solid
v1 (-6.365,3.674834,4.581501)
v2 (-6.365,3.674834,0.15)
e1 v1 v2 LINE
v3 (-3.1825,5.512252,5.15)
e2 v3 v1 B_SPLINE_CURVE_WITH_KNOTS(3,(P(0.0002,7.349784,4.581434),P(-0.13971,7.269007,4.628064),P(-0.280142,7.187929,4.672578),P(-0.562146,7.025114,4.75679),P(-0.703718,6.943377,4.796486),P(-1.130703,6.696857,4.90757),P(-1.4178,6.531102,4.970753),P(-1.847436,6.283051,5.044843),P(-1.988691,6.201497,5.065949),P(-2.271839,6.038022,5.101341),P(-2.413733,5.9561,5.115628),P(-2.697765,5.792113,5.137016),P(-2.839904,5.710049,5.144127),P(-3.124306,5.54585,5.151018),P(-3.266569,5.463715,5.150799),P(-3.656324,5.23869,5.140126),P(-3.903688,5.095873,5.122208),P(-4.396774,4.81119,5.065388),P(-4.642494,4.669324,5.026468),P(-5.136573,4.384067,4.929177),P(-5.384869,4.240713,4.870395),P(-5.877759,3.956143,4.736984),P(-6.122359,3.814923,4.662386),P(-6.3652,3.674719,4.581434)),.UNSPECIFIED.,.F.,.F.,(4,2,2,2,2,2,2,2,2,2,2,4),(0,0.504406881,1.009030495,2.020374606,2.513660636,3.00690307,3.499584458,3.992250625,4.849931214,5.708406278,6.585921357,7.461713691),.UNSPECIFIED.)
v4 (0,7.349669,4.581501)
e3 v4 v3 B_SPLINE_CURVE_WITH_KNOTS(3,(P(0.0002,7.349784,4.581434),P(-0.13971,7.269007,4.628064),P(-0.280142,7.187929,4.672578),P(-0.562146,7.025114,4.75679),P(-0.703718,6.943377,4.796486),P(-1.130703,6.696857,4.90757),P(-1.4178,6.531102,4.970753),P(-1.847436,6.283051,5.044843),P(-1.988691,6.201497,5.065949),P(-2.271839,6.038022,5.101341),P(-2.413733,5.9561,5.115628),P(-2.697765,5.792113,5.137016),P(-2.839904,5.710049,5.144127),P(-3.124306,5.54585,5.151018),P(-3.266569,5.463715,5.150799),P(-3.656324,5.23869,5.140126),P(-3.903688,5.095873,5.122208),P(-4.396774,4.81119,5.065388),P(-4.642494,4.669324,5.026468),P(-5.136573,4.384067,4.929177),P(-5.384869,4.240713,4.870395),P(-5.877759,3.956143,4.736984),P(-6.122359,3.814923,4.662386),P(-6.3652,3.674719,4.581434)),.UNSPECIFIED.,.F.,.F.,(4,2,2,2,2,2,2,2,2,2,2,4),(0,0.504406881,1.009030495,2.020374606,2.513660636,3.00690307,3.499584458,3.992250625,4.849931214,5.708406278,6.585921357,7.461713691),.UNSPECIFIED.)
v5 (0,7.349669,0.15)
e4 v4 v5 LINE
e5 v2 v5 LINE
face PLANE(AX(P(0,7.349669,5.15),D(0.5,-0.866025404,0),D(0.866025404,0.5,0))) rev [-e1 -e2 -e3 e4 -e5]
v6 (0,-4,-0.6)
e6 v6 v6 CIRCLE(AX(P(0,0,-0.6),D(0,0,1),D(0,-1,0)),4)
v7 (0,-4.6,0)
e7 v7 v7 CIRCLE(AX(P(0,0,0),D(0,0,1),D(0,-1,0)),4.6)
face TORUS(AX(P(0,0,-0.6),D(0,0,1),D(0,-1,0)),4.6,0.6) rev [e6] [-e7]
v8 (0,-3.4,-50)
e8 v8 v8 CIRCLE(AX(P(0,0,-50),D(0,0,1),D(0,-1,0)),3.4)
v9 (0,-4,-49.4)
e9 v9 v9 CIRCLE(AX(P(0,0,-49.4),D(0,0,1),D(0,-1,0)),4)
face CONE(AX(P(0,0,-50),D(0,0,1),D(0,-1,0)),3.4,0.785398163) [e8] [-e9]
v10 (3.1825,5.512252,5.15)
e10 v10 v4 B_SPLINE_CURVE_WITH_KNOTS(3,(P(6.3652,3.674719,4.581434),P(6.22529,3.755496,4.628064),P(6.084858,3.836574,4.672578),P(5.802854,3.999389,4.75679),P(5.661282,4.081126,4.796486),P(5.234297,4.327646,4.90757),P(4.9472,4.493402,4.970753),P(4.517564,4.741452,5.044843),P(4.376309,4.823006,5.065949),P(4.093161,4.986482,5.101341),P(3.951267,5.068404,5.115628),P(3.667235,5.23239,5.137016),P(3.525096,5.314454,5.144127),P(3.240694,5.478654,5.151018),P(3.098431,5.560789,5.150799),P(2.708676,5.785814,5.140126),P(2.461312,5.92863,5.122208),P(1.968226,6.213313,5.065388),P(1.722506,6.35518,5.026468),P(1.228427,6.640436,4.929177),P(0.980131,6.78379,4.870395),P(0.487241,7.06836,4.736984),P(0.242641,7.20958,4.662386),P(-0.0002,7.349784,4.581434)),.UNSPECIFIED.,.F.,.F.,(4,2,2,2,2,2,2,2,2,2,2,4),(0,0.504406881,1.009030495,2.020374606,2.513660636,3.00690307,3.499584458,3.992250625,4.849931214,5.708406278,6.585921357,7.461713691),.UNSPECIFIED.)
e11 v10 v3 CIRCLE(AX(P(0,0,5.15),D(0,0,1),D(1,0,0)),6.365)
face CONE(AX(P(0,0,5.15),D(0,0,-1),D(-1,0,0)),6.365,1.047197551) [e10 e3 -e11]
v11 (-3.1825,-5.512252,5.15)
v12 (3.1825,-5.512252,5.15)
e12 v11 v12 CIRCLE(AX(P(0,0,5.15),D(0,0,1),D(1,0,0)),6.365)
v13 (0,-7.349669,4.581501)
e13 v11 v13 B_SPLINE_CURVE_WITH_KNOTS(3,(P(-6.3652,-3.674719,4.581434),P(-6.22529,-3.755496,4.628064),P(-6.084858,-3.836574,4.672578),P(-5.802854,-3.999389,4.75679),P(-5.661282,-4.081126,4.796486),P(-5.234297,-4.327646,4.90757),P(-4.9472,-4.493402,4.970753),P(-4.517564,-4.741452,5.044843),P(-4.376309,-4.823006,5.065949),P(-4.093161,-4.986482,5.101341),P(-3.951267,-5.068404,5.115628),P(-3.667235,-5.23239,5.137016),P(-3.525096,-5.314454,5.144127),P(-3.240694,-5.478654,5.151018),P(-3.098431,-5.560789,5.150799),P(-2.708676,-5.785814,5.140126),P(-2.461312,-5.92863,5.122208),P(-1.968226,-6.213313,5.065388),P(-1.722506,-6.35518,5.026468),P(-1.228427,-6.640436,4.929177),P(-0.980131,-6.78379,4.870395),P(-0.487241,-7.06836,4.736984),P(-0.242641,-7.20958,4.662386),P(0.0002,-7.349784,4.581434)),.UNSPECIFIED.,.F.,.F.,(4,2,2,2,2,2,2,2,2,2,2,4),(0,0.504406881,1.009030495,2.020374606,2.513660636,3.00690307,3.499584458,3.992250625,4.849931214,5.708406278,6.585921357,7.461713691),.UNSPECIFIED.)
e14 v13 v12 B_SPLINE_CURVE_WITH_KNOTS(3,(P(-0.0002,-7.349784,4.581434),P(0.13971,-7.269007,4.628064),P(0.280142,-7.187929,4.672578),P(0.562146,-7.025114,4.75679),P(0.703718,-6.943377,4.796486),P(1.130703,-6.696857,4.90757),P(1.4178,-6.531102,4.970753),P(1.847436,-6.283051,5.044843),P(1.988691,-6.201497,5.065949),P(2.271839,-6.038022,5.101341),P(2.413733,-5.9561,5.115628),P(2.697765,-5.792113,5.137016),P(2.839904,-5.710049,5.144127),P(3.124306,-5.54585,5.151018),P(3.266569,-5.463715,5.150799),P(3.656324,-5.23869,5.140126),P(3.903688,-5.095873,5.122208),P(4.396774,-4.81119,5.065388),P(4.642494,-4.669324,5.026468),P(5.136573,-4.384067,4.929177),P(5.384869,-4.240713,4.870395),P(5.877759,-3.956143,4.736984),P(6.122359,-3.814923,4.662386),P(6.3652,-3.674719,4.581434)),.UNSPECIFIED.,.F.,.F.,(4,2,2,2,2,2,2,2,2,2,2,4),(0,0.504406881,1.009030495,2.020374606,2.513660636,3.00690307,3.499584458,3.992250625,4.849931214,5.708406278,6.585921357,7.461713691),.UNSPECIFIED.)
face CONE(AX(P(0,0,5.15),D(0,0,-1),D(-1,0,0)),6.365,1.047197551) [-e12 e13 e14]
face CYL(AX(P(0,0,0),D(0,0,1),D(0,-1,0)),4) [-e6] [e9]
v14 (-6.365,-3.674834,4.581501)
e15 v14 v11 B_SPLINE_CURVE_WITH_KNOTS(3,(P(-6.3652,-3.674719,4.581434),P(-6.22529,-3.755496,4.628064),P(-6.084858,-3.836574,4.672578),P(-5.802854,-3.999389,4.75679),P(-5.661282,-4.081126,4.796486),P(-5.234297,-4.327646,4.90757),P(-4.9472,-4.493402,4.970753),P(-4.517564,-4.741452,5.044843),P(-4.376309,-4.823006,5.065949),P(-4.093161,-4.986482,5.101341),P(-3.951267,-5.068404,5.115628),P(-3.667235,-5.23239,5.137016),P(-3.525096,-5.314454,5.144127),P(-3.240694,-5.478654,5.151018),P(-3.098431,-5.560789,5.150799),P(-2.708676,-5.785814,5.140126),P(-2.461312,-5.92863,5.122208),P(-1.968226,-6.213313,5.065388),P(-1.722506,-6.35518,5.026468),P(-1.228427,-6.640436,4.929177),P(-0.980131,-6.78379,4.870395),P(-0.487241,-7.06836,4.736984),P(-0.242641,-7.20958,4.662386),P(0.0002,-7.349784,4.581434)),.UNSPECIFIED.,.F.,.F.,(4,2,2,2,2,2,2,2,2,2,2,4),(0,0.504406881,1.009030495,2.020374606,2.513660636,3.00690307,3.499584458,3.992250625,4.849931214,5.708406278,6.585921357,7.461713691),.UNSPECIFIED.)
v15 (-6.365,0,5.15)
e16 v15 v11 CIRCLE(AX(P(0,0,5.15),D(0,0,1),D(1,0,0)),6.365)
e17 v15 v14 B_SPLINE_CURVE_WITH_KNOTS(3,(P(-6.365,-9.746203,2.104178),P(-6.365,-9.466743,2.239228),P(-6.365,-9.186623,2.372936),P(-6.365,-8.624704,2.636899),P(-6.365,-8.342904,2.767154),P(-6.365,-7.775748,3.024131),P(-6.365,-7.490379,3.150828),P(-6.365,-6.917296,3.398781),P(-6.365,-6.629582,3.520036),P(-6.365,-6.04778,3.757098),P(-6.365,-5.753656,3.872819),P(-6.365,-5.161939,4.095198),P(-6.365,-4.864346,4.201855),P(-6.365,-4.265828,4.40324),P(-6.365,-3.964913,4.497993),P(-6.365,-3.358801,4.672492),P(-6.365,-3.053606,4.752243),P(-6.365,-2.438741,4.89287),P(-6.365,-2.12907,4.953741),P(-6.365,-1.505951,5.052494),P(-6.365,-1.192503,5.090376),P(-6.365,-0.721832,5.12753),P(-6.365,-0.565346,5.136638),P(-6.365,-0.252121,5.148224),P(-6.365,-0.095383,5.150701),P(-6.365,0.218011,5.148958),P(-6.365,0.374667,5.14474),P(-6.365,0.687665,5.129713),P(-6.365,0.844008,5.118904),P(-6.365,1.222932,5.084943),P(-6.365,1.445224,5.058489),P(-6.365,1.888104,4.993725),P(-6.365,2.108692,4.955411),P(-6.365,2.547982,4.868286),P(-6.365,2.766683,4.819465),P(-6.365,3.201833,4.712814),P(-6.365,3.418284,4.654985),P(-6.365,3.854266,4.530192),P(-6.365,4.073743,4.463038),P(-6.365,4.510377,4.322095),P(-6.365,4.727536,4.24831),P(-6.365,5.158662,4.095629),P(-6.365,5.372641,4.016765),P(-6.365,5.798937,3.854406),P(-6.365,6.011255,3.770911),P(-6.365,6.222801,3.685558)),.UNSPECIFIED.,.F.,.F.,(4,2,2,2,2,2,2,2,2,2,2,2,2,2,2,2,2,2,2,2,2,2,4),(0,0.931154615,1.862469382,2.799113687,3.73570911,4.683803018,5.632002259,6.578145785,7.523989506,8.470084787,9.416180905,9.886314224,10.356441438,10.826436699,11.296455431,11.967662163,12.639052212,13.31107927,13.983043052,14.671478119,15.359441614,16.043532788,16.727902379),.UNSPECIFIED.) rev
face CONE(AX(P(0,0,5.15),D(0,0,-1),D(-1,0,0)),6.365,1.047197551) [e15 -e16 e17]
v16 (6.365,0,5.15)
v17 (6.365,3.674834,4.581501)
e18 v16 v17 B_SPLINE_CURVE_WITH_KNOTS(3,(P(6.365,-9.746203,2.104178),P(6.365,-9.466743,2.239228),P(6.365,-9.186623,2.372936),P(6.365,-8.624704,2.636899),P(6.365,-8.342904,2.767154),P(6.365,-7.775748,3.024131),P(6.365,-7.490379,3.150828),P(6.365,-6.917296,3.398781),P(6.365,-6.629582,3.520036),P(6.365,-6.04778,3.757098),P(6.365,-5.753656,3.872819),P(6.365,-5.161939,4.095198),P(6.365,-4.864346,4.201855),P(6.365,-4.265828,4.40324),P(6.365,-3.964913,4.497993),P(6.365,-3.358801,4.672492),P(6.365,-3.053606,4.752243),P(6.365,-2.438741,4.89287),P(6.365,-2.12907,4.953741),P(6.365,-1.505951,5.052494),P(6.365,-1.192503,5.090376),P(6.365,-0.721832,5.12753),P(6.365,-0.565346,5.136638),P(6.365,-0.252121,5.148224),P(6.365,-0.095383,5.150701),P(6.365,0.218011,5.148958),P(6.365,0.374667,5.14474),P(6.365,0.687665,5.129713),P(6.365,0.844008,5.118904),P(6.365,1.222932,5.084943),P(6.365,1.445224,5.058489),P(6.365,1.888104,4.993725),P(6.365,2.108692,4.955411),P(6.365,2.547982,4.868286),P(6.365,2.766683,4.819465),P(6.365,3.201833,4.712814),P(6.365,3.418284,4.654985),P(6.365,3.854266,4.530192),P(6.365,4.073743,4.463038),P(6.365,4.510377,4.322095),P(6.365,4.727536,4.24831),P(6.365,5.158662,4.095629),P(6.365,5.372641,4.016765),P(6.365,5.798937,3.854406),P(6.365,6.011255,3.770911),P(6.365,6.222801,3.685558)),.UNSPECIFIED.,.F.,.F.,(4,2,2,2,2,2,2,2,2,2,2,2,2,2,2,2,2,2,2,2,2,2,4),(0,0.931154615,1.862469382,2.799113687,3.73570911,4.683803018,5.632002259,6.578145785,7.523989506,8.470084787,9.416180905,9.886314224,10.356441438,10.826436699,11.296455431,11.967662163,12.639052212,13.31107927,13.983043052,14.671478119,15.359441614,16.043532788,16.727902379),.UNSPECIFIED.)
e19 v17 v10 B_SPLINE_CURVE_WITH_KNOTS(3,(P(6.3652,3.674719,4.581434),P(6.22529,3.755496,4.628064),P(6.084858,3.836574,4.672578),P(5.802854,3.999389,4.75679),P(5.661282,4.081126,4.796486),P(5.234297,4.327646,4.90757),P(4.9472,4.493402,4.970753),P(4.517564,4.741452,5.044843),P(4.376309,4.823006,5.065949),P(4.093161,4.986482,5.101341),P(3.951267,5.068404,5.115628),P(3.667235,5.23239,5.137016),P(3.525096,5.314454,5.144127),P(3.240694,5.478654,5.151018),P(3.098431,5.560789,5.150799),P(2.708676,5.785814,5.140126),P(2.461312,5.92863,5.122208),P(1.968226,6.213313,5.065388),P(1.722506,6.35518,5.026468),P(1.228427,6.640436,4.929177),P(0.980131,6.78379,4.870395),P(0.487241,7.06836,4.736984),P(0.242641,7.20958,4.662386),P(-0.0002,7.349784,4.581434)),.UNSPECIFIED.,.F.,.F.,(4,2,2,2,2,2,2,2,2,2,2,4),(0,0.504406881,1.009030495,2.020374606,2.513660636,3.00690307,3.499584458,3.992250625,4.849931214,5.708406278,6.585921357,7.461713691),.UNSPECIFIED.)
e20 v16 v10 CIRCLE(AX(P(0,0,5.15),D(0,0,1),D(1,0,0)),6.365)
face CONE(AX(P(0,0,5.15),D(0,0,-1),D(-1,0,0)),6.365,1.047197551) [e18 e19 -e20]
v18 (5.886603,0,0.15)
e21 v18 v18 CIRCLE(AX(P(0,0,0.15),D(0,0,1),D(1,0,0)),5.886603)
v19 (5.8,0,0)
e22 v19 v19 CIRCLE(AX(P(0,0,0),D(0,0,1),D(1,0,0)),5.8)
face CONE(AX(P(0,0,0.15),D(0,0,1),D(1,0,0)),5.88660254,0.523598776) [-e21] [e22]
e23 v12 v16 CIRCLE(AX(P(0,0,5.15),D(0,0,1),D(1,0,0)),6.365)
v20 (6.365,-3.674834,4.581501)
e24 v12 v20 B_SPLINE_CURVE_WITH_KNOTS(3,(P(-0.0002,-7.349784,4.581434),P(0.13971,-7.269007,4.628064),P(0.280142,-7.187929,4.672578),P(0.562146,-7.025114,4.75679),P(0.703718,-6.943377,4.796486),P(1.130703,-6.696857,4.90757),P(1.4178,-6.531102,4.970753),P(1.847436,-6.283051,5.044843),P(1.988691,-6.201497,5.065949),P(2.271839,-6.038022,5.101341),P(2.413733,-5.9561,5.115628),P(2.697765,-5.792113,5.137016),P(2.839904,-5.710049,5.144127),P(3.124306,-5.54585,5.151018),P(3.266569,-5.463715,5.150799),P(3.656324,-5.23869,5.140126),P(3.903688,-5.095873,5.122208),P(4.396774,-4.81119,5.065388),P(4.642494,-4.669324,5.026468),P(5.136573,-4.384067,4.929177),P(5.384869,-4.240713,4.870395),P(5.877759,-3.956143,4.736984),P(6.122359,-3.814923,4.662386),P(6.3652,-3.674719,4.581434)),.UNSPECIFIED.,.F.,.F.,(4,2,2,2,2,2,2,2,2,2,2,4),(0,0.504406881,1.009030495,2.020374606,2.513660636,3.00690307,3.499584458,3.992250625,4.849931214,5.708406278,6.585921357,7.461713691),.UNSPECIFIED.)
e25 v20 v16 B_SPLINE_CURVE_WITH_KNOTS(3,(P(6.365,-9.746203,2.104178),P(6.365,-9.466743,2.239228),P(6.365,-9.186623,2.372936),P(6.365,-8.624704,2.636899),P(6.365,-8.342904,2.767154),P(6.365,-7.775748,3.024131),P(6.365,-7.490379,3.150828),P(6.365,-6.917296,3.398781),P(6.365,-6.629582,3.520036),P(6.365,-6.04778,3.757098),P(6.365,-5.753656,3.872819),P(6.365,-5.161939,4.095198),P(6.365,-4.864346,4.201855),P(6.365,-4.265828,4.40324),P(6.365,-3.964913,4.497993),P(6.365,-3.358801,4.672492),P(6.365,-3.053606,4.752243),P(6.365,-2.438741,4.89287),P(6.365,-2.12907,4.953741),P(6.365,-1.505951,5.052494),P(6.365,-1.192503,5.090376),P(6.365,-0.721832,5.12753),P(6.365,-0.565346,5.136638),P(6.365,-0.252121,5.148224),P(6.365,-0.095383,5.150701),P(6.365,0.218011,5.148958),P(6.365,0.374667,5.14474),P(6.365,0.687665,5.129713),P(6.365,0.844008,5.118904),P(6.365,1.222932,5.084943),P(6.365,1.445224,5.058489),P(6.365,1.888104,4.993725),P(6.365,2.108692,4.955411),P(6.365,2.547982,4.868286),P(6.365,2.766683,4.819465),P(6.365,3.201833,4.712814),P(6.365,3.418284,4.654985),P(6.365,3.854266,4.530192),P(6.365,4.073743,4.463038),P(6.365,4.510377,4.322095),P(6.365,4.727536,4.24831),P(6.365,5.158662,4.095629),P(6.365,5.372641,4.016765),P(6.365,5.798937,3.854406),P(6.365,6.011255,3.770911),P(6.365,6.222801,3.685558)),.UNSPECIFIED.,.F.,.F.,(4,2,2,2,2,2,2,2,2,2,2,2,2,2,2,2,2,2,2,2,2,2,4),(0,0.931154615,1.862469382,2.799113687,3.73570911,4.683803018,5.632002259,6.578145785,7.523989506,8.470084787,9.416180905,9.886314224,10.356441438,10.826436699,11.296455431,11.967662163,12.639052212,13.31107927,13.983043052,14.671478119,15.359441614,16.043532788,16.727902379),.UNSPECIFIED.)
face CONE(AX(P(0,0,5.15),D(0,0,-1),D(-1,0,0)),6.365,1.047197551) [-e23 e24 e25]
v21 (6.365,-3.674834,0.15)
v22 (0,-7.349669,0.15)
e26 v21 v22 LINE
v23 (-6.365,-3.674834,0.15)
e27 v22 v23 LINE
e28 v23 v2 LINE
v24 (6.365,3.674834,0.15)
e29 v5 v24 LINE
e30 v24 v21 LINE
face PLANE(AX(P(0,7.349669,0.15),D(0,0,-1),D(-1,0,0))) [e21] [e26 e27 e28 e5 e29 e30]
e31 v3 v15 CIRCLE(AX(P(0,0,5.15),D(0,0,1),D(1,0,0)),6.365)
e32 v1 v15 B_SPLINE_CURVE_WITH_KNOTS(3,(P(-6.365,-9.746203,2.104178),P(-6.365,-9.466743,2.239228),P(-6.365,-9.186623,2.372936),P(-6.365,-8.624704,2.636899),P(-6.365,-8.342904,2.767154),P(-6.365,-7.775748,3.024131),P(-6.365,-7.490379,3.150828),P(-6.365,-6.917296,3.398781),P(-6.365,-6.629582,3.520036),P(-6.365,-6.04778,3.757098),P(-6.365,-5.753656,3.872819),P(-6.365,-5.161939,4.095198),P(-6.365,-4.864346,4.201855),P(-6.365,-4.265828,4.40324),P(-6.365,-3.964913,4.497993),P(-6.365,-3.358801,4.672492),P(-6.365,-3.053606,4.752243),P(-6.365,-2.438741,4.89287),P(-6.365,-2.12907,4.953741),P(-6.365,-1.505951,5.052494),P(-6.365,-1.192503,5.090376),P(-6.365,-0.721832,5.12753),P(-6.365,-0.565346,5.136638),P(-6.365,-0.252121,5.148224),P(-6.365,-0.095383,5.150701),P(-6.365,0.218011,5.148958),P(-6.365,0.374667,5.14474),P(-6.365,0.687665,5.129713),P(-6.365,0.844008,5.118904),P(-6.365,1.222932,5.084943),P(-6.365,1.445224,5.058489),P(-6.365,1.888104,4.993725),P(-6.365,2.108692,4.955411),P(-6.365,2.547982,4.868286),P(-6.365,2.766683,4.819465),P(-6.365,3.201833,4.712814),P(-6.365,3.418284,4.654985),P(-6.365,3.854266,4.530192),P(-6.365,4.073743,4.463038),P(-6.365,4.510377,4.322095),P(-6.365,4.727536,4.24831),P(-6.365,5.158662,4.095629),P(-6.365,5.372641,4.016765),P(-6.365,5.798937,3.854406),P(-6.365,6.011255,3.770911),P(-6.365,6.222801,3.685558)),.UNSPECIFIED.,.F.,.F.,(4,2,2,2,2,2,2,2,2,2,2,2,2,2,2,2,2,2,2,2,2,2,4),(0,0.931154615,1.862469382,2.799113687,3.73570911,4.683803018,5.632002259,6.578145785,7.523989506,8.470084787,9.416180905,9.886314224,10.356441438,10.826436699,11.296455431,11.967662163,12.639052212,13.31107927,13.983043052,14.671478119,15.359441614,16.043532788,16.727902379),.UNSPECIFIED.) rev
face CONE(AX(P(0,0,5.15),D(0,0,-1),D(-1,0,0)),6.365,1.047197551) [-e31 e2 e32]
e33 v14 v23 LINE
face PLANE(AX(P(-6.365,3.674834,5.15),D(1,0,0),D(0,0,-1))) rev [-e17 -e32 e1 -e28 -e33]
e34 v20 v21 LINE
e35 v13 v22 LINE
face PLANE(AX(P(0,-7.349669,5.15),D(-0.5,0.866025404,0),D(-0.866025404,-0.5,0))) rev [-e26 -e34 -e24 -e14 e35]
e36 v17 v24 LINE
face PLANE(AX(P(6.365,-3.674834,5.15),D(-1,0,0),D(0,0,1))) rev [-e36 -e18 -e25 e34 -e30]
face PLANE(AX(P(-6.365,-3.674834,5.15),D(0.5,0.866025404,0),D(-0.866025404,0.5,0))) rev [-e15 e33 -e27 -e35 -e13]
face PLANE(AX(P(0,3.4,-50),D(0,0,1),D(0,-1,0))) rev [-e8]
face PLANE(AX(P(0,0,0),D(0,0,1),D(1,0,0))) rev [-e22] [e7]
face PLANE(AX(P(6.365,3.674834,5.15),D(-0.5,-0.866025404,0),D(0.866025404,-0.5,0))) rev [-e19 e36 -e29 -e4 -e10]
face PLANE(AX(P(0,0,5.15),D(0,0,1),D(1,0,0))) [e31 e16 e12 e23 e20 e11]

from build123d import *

# Parameters (mm, degrees)
BOSS_EXTRUDE1_DEPTH = 5.15


with BuildPart() as part:
    # Sketch1 → Boss-Extrude1 (new body)
    with BuildSketch(Plane.XY):
        Polygon((0, 7.349668927), (-6.365, 3.674834463), (-6.365, -3.674834463), (0, -7.349668927), (6.365, -3.674834463), (6.365, 3.674834463), align=None)
    extrude(amount=BOSS_EXTRUDE1_DEPTH)

    # Sketch2 → Revolve1 (revolve)
    with BuildSketch(Plane(origin=(0, 0, 0), x_dir=(0, 0, -1), z_dir=(1, 0, 0)), mode=Mode.PRIVATE) as revolve1_sk:
        with BuildLine():
            Line((0, 0), (0, 4.6))
            ThreePointArc((0, 4.6), (0.175735931, 4.175735931), (0.6, 4))
            Line((0.6, 4), (49.4, 4))
            Line((49.4, 4), (50, 3.4))
            Line((50, 3.4), (50, 0))
            Line((50, 0), (0, 0))
        make_face()
    revolve(revolve1_sk.sketch.rotate(Axis((0, 0, 0), (0, 0, -1)), 180), axis=Axis((0, 0, 0), (0, 0, -1)))

    # Sketch3 → Cut-Revolve1 (revolve, cut)
    with BuildSketch(Plane(origin=(0, 0, 0), x_dir=(0, 0, -1), z_dir=(1, 0, 0)), mode=Mode.PRIVATE) as cut_revolve1_sk:
        Polygon((-5.15, 7.349668927), (-4.58150113, 7.349668927), (-5.15, 6.365), align=None)
        Polygon((-0.15, 7.349668927), (-0.15, 5.88660254), (0, 5.8), (0, 7.349668927), align=None)
    revolve(cut_revolve1_sk.sketch.rotate(Axis((0, 0, 12.204941078), (0, 0, -1)), 90), axis=Axis((0, 0, 12.204941078), (0, 0, -1)), mode=Mode.SUBTRACT)


solid = part.part
